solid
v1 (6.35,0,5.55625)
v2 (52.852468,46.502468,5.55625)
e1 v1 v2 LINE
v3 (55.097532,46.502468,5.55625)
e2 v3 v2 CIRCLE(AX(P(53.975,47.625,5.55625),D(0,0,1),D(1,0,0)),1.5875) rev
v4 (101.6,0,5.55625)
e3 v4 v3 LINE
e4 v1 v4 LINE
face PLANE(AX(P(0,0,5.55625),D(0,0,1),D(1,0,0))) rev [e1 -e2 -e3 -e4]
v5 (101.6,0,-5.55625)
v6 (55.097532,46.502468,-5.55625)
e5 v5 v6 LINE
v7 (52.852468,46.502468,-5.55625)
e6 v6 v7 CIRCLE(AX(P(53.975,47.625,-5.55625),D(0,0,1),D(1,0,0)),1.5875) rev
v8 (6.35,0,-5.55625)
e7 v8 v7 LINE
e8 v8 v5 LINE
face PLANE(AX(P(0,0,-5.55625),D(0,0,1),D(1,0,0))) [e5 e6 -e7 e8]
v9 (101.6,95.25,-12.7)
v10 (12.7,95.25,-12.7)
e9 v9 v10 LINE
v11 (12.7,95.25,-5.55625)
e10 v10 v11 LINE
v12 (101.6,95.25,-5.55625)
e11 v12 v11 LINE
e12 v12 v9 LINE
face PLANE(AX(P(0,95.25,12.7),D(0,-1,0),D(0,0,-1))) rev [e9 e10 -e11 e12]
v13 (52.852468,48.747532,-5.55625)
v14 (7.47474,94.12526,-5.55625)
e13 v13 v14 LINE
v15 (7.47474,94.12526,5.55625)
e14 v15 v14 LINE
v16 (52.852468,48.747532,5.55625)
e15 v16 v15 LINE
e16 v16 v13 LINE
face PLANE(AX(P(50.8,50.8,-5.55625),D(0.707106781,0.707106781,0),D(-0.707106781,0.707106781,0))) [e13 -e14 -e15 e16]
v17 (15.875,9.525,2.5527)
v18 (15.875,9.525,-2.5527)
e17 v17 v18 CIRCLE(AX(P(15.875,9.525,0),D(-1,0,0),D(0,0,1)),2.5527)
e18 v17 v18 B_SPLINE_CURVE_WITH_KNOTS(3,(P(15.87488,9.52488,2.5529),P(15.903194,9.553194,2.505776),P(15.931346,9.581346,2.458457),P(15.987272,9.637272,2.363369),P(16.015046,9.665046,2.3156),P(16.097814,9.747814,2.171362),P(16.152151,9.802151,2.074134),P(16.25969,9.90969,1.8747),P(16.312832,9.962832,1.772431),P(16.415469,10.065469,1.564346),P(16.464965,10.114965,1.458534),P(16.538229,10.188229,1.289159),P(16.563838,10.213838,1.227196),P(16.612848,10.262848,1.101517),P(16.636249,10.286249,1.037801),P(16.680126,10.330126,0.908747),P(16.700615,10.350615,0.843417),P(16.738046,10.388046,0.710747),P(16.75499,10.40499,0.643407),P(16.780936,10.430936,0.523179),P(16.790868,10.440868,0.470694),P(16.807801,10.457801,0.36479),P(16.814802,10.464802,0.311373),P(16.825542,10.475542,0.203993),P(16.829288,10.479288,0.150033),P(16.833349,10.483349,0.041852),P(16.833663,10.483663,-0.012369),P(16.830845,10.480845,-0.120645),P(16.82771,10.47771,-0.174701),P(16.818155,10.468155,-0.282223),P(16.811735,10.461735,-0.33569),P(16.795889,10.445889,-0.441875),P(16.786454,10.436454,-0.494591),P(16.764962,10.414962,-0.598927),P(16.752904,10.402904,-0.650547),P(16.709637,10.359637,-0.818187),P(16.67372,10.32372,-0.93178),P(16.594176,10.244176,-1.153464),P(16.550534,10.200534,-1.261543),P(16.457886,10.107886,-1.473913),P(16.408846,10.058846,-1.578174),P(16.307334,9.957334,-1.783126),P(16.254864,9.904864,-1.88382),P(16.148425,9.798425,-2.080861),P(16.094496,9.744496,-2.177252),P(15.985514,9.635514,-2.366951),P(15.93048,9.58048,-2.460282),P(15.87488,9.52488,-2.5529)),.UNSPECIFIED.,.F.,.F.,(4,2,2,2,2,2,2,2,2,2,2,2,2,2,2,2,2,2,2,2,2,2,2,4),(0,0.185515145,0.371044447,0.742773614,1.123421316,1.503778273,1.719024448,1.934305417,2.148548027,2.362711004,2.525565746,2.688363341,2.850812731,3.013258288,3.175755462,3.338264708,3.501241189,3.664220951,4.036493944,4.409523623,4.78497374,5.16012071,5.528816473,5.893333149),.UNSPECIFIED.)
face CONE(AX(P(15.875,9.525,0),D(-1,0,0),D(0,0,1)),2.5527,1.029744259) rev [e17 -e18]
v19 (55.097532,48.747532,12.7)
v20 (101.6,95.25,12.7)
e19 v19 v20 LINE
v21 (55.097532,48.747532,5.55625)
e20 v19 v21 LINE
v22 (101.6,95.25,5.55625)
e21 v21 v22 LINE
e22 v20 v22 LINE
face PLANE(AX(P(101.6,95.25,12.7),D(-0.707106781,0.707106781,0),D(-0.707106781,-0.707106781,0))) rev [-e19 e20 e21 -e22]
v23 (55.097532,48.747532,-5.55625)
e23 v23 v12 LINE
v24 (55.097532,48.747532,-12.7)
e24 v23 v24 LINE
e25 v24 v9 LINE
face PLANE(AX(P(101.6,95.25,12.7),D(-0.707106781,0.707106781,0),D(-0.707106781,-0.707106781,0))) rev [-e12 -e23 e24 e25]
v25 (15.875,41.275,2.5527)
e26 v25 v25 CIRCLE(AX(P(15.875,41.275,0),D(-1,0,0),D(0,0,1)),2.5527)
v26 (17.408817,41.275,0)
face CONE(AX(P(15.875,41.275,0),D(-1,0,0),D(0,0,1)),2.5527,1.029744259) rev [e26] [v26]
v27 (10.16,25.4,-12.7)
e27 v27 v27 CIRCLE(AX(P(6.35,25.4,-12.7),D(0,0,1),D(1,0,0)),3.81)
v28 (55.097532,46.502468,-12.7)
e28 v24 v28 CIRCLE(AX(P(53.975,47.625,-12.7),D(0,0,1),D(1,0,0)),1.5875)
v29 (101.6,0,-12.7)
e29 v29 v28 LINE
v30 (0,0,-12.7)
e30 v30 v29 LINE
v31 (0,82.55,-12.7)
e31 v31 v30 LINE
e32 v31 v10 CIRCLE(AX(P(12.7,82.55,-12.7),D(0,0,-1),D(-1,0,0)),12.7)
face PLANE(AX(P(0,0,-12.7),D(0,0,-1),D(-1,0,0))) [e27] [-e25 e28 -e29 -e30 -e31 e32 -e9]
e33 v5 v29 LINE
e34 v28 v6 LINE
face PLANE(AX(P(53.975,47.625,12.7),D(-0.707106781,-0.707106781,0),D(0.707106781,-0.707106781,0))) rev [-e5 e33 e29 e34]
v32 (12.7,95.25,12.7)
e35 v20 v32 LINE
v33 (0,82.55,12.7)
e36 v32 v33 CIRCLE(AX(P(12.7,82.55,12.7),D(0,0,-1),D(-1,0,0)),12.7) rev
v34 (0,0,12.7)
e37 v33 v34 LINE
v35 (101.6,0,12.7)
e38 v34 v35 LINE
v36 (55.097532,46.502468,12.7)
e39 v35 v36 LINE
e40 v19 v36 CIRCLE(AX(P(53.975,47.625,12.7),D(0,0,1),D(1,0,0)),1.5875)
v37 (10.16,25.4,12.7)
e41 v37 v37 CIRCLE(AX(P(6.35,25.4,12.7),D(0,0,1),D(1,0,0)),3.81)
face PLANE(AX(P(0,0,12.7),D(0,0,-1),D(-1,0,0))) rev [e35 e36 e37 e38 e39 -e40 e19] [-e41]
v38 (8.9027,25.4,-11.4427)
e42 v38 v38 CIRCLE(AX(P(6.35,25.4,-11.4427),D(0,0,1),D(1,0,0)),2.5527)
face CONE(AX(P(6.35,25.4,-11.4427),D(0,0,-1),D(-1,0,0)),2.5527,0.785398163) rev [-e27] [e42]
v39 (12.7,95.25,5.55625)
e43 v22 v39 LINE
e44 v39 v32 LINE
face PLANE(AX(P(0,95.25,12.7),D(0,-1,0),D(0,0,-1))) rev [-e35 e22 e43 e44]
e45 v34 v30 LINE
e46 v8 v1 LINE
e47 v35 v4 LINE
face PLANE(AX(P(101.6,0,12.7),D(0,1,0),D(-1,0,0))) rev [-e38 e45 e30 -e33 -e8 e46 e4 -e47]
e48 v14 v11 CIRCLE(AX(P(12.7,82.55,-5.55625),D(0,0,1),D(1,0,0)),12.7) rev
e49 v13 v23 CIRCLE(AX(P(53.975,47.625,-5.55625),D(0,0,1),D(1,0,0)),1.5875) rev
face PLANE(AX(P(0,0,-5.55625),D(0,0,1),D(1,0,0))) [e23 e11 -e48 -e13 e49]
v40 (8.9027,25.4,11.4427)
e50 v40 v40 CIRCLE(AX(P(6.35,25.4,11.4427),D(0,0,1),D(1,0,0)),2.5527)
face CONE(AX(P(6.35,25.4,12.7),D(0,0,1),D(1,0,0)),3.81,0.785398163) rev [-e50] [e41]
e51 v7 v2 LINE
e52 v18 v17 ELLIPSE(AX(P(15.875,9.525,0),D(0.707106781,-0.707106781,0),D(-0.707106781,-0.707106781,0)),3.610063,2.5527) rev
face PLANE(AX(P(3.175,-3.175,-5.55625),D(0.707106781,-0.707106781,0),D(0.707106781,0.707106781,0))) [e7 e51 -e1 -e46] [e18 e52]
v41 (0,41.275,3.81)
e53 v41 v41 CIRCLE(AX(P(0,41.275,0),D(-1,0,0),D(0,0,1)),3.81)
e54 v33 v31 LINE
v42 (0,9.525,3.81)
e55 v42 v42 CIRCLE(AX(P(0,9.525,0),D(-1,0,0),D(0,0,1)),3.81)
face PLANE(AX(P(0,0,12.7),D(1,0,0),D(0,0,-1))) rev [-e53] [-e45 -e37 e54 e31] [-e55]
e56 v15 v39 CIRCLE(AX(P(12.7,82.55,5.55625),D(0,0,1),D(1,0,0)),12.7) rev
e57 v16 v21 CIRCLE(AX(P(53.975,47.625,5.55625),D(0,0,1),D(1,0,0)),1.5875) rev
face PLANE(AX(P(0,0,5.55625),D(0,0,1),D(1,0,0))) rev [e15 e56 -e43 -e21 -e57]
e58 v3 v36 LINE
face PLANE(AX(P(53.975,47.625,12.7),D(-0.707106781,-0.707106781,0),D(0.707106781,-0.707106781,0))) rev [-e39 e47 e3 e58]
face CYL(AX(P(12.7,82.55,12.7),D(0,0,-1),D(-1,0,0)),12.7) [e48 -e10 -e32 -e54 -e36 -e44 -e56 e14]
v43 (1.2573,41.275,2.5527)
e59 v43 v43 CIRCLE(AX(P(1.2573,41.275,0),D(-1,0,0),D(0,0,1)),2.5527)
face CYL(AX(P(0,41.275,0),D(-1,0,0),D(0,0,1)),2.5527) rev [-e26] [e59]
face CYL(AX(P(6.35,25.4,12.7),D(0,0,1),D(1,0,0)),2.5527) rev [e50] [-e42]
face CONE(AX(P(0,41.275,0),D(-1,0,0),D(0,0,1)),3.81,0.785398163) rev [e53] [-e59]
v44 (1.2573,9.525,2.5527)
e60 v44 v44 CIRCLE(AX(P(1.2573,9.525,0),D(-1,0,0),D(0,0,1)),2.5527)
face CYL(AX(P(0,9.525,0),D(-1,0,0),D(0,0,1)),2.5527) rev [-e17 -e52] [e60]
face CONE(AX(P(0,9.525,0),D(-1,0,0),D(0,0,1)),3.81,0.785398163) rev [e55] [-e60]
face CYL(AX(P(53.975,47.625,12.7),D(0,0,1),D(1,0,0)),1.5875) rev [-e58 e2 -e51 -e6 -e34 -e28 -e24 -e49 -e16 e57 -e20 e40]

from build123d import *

# Parameters (mm, degrees)
BOSS_EXTRUDE1_DEPTH               = 12.7
F_1_8_0_125_DIAMETER_HOLE1_D      = 3.175
FILLET1_R                         = 12.7
F_1_4_20_TAPPED_HOLE2_D           = 5.1054
F_1_4_20_TAPPED_HOLE2_DEPTH       = 15.875
F_1_4_20_TAPPED_HOLE2_CSINK_D     = 7.62
F_1_4_20_TAPPED_HOLE2_CSINK_ANGLE = 90
F_1_4_20_TAPPED_HOLE2_TIP         = 1.533816902
CUT_EXTRUDE1_DEPTH                = 5.55625


with BuildPart() as part:
    # Sketch2 → Boss-Extrude1 (new, symmetric)
    with BuildSketch(Plane.XY):
        Polygon((0, 0), (0, 95.25), (101.6, 95.25), (53.975, 47.625), (101.6, 0), align=None)
    extrude(amount=BOSS_EXTRUDE1_DEPTH, both=True)

    # 1/8 (0.125) Diameter Hole1 (through all)
    with Locations(Plane.XY.offset(12.7)):
        with Locations((53.975, 47.625)):
            Hole(F_1_8_0_125_DIAMETER_HOLE1_D / 2)

    # Fillet1
    fillet1_edges = [part.edges().sort_by_distance(p)[0] for p in [
        (0, 95.25, 0),
    ]]
    fillet(fillet1_edges, radius=FILLET1_R)

    # Sketch5 → 1/4-20 Tapped Hole1 (revolve, cut)
    with BuildSketch(Plane(origin=(6.35, 25.4, 12.7), x_dir=(0, -1, 0), z_dir=(1, 0, 0))):
        Polygon((0, 0), (0, 25.4), (3.81, 25.4), (2.5527, 24.1427), (2.5527, 1.2573), (3.81, 0), align=None)
    revolve(axis=Axis((6.35, 25.4, 19.05), (0, 0, -1)), mode=Mode.SUBTRACT)

    # 1/4-20 Tapped Hole2
    with Locations(Plane.ZY):
        with Locations((0, 41.275), (0, 9.525)):
            CounterSinkHole(F_1_4_20_TAPPED_HOLE2_D / 2, F_1_4_20_TAPPED_HOLE2_CSINK_D / 2, depth=F_1_4_20_TAPPED_HOLE2_DEPTH, counter_sink_angle=F_1_4_20_TAPPED_HOLE2_CSINK_ANGLE)
            with Locations((0, 0, -(F_1_4_20_TAPPED_HOLE2_DEPTH + F_1_4_20_TAPPED_HOLE2_TIP / 2))):  # 118° drill point
                Cone(0, F_1_4_20_TAPPED_HOLE2_D / 2, F_1_4_20_TAPPED_HOLE2_TIP, mode=Mode.SUBTRACT)

    # Sketch9 → Cut-Extrude1 (cut, symmetric)
    with BuildSketch(Plane.XY):
        Polygon((53.975, 47.625), (101.6, 95.25), (6.35, 95.25), align=None)
        Polygon((101.6, 0), (53.975, 47.625), (6.35, 0), align=None)
    extrude(amount=CUT_EXTRUDE1_DEPTH, both=True, mode=Mode.SUBTRACT)


solid = part.part
